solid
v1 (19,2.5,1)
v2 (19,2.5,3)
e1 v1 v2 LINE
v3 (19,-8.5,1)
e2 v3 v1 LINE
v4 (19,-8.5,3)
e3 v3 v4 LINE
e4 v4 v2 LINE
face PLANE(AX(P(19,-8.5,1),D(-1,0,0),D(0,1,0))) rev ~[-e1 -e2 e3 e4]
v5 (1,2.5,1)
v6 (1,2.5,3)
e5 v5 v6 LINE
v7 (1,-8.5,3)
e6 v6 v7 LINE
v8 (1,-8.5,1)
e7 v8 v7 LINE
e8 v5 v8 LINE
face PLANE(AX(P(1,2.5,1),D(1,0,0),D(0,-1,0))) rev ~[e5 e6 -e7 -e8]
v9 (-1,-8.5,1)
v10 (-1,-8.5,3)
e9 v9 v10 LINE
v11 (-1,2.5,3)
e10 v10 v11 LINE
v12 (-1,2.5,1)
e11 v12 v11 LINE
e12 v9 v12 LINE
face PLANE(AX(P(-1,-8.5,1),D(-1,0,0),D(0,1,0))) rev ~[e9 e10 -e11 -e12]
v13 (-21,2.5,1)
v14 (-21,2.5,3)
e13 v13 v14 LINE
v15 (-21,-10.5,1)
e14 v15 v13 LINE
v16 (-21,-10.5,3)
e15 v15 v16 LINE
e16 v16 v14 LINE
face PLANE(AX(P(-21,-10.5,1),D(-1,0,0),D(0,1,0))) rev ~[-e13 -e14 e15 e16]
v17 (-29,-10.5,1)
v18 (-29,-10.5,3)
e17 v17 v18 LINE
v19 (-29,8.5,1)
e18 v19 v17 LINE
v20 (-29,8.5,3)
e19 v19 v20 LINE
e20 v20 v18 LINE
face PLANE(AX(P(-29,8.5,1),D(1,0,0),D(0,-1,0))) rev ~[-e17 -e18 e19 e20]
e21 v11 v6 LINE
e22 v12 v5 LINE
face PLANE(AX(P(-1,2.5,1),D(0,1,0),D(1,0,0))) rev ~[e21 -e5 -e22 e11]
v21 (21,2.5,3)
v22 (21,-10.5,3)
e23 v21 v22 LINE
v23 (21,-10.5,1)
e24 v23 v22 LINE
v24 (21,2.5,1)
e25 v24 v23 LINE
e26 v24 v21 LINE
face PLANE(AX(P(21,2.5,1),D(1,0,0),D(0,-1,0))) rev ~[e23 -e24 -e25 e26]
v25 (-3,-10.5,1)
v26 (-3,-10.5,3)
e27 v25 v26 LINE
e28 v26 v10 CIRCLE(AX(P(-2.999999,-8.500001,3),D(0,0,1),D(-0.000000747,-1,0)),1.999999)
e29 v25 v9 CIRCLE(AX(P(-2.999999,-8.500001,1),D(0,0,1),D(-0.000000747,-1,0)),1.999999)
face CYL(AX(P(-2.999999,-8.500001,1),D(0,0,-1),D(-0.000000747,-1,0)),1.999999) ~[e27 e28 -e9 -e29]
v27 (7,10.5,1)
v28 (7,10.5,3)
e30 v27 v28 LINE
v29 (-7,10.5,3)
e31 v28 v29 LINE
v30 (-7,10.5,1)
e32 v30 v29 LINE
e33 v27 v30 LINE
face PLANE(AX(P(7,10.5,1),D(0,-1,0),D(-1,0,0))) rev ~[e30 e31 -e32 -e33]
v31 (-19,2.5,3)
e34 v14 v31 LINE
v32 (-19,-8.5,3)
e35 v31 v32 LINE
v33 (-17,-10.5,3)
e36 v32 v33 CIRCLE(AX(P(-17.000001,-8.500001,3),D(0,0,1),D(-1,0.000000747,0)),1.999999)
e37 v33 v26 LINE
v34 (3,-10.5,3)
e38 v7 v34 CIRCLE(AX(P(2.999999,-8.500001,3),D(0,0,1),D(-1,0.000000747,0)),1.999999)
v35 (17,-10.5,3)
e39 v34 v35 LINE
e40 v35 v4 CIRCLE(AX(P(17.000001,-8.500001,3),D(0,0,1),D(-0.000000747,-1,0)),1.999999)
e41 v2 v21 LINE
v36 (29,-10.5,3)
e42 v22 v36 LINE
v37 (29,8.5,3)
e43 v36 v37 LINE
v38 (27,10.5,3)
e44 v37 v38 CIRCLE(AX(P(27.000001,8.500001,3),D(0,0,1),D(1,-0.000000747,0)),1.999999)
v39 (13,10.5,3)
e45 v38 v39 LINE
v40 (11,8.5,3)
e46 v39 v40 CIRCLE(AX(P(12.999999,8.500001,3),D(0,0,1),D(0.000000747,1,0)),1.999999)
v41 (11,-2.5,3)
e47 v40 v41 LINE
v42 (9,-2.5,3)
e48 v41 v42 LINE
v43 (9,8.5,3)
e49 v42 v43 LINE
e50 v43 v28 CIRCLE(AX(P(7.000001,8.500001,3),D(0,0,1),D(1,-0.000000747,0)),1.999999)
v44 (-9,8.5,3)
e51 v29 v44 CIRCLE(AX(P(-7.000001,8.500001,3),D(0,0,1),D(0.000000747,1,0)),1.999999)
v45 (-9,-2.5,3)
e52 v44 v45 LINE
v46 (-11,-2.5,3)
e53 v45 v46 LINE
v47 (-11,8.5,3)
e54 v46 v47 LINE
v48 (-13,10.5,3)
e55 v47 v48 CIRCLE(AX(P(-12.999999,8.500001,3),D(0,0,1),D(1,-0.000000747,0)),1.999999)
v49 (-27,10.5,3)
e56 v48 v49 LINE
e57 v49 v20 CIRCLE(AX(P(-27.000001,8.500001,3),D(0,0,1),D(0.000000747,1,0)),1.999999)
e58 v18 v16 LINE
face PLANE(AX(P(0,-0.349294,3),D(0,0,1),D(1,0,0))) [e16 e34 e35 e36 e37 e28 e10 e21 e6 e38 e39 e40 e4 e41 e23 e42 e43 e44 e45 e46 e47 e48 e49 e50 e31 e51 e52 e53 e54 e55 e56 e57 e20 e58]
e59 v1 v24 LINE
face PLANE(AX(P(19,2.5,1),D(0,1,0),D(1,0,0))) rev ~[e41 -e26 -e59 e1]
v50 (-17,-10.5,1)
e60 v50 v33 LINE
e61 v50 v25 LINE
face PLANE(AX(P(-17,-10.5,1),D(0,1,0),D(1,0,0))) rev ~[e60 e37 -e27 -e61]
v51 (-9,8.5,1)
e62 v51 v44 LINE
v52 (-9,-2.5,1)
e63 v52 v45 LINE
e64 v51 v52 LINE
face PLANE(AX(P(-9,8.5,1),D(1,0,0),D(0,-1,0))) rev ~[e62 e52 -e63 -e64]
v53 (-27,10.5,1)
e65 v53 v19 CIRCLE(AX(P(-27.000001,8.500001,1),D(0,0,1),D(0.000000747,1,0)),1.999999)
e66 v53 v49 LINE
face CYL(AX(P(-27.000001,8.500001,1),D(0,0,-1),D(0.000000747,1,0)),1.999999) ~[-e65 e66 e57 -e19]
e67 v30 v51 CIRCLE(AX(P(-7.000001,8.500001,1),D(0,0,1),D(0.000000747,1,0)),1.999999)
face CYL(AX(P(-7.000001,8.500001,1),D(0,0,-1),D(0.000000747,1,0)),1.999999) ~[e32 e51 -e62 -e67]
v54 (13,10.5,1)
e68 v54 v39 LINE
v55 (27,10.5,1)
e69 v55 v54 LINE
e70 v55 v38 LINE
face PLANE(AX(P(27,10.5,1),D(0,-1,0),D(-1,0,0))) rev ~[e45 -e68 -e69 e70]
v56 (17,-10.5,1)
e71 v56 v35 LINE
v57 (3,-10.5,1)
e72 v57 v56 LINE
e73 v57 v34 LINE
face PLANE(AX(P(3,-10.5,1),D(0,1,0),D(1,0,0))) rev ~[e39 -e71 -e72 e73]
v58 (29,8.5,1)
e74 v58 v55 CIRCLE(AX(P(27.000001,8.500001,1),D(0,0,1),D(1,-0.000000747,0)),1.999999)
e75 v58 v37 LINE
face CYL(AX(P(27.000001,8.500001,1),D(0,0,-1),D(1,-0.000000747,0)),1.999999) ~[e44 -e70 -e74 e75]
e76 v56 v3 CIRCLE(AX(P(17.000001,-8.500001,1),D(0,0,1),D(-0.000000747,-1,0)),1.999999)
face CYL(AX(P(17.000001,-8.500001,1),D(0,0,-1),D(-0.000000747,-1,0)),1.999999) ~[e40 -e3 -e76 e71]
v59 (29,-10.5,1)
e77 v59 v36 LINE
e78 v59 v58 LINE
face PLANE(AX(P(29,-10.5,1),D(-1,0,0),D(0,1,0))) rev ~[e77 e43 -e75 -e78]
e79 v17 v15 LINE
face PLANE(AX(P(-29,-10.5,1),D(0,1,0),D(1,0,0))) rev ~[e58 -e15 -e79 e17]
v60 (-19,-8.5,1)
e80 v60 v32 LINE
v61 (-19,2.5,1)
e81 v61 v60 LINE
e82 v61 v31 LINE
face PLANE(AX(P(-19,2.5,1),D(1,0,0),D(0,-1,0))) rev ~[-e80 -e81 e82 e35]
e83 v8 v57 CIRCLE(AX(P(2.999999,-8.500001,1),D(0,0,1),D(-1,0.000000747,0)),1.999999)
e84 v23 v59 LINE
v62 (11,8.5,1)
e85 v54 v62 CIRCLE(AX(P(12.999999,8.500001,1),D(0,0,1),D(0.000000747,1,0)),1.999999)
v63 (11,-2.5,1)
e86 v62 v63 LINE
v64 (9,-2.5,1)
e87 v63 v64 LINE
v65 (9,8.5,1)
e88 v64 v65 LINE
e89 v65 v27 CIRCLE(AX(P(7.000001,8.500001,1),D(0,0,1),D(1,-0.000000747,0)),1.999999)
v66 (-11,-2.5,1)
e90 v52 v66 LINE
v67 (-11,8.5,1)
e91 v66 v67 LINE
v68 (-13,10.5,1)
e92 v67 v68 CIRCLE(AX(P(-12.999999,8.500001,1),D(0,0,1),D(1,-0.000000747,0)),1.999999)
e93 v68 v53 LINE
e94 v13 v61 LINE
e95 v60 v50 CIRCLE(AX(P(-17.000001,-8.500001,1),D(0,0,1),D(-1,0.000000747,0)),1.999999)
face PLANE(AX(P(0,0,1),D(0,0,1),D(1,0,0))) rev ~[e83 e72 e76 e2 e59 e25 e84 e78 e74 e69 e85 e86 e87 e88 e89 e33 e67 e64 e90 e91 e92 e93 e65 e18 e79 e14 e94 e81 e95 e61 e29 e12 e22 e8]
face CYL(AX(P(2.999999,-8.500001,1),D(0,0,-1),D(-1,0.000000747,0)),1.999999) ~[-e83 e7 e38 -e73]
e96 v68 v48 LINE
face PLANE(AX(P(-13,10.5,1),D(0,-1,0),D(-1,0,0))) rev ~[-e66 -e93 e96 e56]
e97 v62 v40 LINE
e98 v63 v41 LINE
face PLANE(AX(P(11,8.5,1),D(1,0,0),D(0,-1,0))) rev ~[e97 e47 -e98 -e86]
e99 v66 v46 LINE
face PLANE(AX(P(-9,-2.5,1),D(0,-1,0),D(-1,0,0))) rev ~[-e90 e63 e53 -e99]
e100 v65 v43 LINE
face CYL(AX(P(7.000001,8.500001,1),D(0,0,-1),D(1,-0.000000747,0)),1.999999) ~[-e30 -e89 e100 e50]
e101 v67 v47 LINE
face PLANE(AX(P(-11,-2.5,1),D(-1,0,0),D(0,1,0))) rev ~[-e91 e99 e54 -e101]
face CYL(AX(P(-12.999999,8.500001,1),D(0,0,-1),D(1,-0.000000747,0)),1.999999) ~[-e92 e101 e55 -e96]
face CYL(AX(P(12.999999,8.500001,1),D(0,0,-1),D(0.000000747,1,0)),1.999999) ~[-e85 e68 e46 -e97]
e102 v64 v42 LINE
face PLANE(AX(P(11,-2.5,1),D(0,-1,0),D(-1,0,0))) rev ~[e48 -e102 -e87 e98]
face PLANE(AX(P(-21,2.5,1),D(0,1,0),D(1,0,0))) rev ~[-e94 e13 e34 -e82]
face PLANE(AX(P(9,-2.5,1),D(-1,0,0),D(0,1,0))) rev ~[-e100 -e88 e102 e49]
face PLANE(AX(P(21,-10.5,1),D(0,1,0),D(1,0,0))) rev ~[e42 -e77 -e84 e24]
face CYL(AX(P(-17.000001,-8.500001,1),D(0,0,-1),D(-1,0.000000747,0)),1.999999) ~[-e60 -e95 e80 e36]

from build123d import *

# Parameters (mm, degrees)
F0_W      = 62
F0_H      = 25
F1_DEPTH  = 1
F3_DEPTH  = 2
F1_FACE_W = 62
F1_FACE_H = 25
F4_DEPTH  = 1


with BuildPart() as f1:
    # F0 (on Top) → F1 (new body)
    with BuildSketch(Plane.XY):
        Rectangle(F0_W, F0_H)
    extrude(amount=F1_DEPTH)

    # F2 (on face) → F3 (join)
    with BuildSketch(Plane.XY.offset(1)):
        with BuildLine():
            Line((-13, 10.5), (-27, 10.5))
            ThreePointArc((-27, 10.5), (-28.414214, 9.914214), (-29, 8.5))
            Line((-29, 8.5), (-29, -10.5))
            Line((-29, -10.5), (-21, -10.5))
            Line((-21, -10.5), (-21, 2.5))
            Line((-21, 2.5), (-19, 2.5))
            Line((-19, 2.5), (-19, -8.5))
            ThreePointArc((-19, -8.5), (-18.414214, -9.914214), (-17, -10.5))
            Line((-17, -10.5), (-3, -10.5))
            ThreePointArc((-3, -10.5), (-1.585786, -9.914214), (-1, -8.5))
            Line((-1, -8.5), (-1, 2.5))
            Line((-1, 2.5), (1, 2.5))
            Line((1, 2.5), (1, -8.5))
            ThreePointArc((1, -8.5), (1.585786, -9.914214), (3, -10.5))
            Line((3, -10.5), (17, -10.5))
            ThreePointArc((17, -10.5), (18.414214, -9.914214), (19, -8.5))
            Line((19, -8.5), (19, 2.5))
            Line((19, 2.5), (21, 2.5))
            Line((21, 2.5), (21, -10.5))
            Line((21, -10.5), (29, -10.5))
            Line((29, -10.5), (29, 8.5))
            ThreePointArc((29, 8.5), (28.414214, 9.914214), (27, 10.5))
            Line((27, 10.5), (13, 10.5))
            ThreePointArc((13, 10.5), (11.585786, 9.914214), (11, 8.5))
            Line((11, 8.5), (11, -2.5))
            Line((11, -2.5), (9, -2.5))
            Line((9, -2.5), (9, 8.5))
            ThreePointArc((9, 8.5), (8.414214, 9.914214), (7, 10.5))
            Line((7, 10.5), (-7, 10.5))
            ThreePointArc((-7, 10.5), (-8.414214, 9.914214), (-9, 8.5))
            Line((-9, 8.5), (-9, -2.5))
            Line((-9, -2.5), (-11, -2.5))
            Line((-11, -2.5), (-11, 8.5))
            ThreePointArc((-11, 8.5), (-11.585786, 9.914214), (-13, 10.5))
        make_face()
    extrude(amount=F3_DEPTH)

    # F1_face (on face) → F4 (cut)
    with BuildSketch(Plane.XY.offset(1)):
        Rectangle(F1_FACE_W, F1_FACE_H)
    extrude(amount=-F4_DEPTH, mode=Mode.SUBTRACT)


solid = f1.part
